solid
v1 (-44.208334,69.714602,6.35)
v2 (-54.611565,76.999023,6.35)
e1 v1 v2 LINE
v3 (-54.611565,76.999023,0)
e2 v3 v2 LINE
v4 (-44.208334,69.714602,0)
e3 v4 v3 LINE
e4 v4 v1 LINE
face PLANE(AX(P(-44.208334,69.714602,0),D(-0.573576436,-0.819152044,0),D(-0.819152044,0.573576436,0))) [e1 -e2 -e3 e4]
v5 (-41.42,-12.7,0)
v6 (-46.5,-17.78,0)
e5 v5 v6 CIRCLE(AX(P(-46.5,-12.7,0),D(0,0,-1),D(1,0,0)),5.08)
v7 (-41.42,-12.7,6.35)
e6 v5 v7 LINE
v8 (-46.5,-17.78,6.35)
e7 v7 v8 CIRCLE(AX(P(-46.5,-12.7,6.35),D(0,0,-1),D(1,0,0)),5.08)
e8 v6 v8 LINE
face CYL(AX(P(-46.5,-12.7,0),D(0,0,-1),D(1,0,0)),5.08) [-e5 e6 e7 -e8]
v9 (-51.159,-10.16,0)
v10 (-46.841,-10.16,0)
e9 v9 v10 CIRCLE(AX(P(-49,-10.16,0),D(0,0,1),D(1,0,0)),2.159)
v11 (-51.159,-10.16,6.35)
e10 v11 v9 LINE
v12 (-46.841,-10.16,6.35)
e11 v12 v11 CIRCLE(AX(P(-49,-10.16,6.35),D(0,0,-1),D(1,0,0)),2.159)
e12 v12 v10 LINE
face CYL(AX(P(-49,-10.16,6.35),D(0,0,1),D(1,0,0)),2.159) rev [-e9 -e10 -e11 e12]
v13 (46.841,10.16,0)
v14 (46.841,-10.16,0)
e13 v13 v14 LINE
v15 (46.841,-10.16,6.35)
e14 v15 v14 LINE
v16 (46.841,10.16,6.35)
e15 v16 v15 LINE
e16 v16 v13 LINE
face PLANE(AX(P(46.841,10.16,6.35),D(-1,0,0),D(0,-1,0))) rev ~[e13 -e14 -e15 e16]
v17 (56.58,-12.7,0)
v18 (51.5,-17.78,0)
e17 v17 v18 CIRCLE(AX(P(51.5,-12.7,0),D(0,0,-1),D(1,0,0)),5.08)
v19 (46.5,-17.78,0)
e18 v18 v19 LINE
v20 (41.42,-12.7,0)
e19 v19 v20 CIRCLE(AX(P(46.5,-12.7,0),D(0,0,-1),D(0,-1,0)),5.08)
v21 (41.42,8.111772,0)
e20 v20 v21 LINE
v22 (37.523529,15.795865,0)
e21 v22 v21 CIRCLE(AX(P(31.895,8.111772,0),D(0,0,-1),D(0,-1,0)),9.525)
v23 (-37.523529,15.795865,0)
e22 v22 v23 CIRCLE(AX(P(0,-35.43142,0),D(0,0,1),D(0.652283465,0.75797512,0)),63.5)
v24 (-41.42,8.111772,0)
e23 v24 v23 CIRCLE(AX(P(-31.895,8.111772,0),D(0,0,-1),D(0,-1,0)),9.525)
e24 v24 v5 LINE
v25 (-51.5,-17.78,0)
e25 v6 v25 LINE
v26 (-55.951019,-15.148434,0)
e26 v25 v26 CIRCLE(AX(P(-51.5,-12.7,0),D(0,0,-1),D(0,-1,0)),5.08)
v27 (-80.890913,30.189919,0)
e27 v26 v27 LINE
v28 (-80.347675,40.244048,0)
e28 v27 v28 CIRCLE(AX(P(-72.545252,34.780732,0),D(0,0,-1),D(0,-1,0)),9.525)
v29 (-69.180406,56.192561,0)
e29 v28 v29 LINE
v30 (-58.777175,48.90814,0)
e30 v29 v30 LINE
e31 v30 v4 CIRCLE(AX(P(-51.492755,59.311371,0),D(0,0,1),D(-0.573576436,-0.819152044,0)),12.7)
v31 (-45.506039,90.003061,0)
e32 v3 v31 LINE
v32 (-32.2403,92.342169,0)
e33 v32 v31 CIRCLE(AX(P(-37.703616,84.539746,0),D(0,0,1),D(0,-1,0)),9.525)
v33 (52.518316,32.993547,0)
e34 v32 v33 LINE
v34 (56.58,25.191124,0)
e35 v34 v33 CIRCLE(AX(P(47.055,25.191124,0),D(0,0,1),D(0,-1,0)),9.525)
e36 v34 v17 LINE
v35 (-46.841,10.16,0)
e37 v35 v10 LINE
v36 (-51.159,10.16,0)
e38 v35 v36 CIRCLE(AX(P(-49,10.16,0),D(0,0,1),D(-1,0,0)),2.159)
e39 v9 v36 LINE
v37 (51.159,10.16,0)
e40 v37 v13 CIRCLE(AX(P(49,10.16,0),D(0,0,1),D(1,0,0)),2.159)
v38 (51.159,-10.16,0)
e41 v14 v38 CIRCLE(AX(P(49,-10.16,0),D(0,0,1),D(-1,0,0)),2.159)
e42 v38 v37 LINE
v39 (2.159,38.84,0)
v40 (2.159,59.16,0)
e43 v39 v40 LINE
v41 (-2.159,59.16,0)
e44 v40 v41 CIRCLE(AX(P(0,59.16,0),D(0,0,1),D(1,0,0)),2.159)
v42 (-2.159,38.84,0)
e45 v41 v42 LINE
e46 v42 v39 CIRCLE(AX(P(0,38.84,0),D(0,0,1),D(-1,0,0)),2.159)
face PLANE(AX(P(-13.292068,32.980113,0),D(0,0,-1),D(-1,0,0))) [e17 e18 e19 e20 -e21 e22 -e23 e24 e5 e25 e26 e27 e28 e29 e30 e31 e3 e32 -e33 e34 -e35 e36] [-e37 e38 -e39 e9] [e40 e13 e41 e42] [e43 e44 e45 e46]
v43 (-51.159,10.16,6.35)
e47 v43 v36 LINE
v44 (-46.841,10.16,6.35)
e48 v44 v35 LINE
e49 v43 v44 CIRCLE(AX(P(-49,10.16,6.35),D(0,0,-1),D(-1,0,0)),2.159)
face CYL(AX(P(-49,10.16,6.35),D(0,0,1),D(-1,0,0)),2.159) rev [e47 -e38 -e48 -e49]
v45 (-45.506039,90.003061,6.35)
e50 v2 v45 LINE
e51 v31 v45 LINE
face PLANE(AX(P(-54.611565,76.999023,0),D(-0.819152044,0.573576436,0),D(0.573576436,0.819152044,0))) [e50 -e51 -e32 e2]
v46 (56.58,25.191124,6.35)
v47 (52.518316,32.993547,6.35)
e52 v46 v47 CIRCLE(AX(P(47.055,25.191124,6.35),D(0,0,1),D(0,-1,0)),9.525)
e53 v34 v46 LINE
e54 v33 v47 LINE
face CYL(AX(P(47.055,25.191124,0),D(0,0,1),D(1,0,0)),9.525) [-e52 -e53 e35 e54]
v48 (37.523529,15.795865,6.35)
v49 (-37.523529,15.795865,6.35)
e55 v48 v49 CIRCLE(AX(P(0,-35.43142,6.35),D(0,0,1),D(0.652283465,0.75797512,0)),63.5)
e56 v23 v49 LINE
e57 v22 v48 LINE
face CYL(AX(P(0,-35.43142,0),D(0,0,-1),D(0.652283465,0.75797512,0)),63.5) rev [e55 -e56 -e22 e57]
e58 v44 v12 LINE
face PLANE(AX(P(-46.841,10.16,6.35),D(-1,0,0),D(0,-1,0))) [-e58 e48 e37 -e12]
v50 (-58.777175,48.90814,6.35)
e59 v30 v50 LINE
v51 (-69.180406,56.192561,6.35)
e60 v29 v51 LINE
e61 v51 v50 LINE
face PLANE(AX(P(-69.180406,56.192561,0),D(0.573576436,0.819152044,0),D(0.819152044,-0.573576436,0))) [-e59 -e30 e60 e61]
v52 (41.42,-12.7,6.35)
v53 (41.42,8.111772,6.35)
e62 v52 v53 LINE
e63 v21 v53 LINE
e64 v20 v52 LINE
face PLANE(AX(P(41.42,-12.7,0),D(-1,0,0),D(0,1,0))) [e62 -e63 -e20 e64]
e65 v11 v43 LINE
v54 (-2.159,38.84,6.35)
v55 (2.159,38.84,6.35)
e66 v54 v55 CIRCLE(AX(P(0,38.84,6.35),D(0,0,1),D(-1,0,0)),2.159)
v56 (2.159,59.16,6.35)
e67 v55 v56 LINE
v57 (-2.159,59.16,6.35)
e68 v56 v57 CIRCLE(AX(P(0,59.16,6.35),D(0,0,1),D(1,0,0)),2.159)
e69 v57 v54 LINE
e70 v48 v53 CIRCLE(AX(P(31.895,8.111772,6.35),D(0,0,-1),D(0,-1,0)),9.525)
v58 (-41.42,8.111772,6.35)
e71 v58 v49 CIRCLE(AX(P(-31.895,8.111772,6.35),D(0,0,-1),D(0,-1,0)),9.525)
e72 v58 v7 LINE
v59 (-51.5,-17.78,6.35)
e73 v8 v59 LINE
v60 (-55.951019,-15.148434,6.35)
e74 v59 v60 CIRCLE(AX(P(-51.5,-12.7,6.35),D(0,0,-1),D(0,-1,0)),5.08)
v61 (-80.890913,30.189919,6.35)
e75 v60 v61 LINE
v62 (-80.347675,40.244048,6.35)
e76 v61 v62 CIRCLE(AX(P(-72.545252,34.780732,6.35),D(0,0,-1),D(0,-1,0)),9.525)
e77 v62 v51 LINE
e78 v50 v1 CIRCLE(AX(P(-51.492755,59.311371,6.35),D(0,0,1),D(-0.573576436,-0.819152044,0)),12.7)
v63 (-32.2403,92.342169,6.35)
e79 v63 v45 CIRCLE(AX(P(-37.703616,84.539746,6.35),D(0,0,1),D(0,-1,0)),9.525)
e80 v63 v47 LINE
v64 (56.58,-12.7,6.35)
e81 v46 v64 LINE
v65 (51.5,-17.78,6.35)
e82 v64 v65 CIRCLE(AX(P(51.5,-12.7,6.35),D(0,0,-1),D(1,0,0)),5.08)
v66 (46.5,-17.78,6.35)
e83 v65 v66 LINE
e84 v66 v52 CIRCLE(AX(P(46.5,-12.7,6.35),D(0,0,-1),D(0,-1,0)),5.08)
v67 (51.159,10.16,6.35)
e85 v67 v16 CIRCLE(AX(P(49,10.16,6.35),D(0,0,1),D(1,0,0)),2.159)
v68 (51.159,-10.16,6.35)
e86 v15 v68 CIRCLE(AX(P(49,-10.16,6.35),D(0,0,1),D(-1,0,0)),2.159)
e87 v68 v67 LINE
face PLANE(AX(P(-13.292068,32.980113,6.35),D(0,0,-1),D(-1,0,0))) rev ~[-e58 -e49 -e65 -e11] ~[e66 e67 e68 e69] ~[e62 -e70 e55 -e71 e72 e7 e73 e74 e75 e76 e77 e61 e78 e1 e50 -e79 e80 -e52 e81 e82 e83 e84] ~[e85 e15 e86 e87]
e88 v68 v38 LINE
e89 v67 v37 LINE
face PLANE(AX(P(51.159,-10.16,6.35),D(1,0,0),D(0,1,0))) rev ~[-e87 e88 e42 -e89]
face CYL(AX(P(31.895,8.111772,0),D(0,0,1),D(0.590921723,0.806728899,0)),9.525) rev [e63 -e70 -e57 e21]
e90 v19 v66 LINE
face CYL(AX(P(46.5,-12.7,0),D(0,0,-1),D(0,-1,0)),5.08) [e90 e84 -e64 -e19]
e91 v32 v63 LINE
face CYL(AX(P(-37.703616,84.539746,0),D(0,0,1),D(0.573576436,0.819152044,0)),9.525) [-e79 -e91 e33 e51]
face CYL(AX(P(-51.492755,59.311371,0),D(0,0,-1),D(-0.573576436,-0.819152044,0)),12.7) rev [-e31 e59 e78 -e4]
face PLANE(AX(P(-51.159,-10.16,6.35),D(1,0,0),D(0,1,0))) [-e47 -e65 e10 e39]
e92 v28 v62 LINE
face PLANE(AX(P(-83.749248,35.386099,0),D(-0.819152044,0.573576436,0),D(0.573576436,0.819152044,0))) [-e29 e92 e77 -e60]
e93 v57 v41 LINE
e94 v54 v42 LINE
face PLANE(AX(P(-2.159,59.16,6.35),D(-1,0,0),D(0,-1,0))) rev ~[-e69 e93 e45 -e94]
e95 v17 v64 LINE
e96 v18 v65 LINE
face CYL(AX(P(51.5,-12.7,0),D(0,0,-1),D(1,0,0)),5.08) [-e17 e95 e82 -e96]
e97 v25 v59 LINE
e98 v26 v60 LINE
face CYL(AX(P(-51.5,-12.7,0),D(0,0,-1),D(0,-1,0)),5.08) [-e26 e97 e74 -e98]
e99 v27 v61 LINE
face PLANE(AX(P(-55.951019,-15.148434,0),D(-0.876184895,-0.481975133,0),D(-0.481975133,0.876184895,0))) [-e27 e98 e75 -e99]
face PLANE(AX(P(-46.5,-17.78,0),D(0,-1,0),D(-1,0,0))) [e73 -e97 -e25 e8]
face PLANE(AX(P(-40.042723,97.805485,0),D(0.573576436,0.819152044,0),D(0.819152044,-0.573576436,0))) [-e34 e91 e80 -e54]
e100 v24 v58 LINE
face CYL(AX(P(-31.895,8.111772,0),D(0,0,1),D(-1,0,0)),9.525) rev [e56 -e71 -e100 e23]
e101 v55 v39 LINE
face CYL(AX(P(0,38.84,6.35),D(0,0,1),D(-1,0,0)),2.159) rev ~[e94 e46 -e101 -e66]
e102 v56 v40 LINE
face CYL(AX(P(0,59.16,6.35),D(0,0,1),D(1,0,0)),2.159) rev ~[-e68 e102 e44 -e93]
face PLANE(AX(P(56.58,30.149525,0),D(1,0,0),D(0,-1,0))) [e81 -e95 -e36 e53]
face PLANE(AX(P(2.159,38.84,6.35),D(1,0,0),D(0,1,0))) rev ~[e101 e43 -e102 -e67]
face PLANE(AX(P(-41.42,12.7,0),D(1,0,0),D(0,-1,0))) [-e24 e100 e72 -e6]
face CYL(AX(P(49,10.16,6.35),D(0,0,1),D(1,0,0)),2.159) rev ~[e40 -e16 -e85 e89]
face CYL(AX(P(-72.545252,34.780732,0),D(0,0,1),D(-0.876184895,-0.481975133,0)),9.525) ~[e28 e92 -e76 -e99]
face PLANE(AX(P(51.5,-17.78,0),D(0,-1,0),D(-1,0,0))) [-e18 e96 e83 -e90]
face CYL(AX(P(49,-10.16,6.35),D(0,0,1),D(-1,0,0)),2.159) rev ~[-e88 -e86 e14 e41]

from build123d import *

# Parameters (mm, degrees)
EXTRUDE1_DEPTH     = 6.35
CUT_EXTRUDE3_REACH = 8.35
FILLET1_R          = 9.525


with BuildPart() as part:
    # Sketch1 → Extrude1 (new body)
    with BuildSketch(Plane.XY):
        with BuildLine():
            Line((-41.42, 12.7), (-41.42, -12.7))
            ThreePointArc((-41.42, -12.7), (-42.907897552, -16.292102448), (-46.5, -17.78))
            Line((-46.5, -17.78), (-51.5, -17.78))
            ThreePointArc((-51.5, -17.78), (-54.085377818, -17.072896242), (-55.951019269, -15.148433677))
            Line((-55.951019269, -15.148433677), (-83.74924785, 35.386098748))
            Line((-83.74924785, 35.386098748), (-69.180406366, 56.192560673))
            Line((-69.180406366, 56.192560673), (-58.777175404, 48.908139931))
            ThreePointArc((-58.777175404, 48.908139931), (-41.0895237, 52.026950152), (-44.208333921, 69.714601856))
            Line((-44.208333921, 69.714601856), (-54.611564883, 76.999022598))
            Line((-54.611564883, 76.999022598), (-40.0427234, 97.805484523))
            Line((-40.0427234, 97.805484523), (56.58, 30.149525236))
            Line((56.58, 30.149525236), (56.58, -12.7))
            ThreePointArc((56.58, -12.7), (55.092102448, -16.292102448), (51.5, -17.78))
            Line((51.5, -17.78), (46.5, -17.78))
            ThreePointArc((46.5, -17.78), (42.907897552, -16.292102448), (41.42, -12.7))
            Line((41.42, -12.7), (41.42, 12.7))
            ThreePointArc((41.42, 12.7), (0, 28.068579909), (-41.42, 12.7))
        make_face()
    extrude(amount=EXTRUDE1_DEPTH)

    # Sketch4 → Cut-Extrude3 (cut, up to next)
    with BuildSketch(Plane.XY.offset(6.35), mode=Mode.PRIVATE) as cut_extrude3_sk1:
        with BuildLine():
            Line((-51.159, -10.16), (-51.159, 10.16))
            ThreePointArc((-51.159, 10.16), (-49, 12.319), (-46.841, 10.16))
            Line((-46.841, 10.16), (-46.841, -10.16))
            ThreePointArc((-46.841, -10.16), (-49, -12.319), (-51.159, -10.16))
        make_face()
    cut_extrude3_tool1 = extrude(cut_extrude3_sk1.sketch, amount=-CUT_EXTRUDE3_REACH, mode=Mode.PRIVATE) & part.part
    add(cut_extrude3_tool1.solids().sort_by_distance((-49, 0, 6.35))[0], mode=Mode.SUBTRACT)
    # Sketch4 → Cut-Extrude3 (cut, up to next)
    with BuildSketch(Plane.XY.offset(6.35), mode=Mode.PRIVATE) as cut_extrude3_sk2:
        with BuildLine():
            Line((2.159, 38.84), (2.159, 59.16))
            ThreePointArc((2.159, 59.16), (0, 61.319), (-2.159, 59.16))
            Line((-2.159, 59.16), (-2.159, 38.84))
            ThreePointArc((-2.159, 38.84), (0, 36.681), (2.159, 38.84))
        make_face()
    cut_extrude3_tool2 = extrude(cut_extrude3_sk2.sketch, amount=-CUT_EXTRUDE3_REACH, mode=Mode.PRIVATE) & part.part
    add(cut_extrude3_tool2.solids().sort_by_distance((0, 49, 6.35))[0], mode=Mode.SUBTRACT)
    # Sketch4 → Cut-Extrude3 (cut, up to next)
    with BuildSketch(Plane.XY.offset(6.35), mode=Mode.PRIVATE) as cut_extrude3_sk3:
        with BuildLine():
            Line((51.159, -10.16), (51.159, 10.16))
            ThreePointArc((51.159, 10.16), (49, 12.319), (46.841, 10.16))
            Line((46.841, 10.16), (46.841, -10.16))
            ThreePointArc((46.841, -10.16), (49, -12.319), (51.159, -10.16))
        make_face()
    cut_extrude3_tool3 = extrude(cut_extrude3_sk3.sketch, amount=-CUT_EXTRUDE3_REACH, mode=Mode.PRIVATE) & part.part
    add(cut_extrude3_tool3.solids().sort_by_distance((49, 0, 6.35))[0], mode=Mode.SUBTRACT)

    # Fillet1
    fillet1_edges = [part.edges().sort_by_distance(p)[0] for p in [
        (-41.42, 12.7, 3.175),
        (-83.74924785, 35.386098748, 3.175),
        (-40.0427234, 97.805484523, 3.175),
        (56.58, 30.149525236, 3.175),
        (41.42, 12.7, 3.175),
    ]]
    fillet(fillet1_edges, radius=FILLET1_R)


solid = part.part
